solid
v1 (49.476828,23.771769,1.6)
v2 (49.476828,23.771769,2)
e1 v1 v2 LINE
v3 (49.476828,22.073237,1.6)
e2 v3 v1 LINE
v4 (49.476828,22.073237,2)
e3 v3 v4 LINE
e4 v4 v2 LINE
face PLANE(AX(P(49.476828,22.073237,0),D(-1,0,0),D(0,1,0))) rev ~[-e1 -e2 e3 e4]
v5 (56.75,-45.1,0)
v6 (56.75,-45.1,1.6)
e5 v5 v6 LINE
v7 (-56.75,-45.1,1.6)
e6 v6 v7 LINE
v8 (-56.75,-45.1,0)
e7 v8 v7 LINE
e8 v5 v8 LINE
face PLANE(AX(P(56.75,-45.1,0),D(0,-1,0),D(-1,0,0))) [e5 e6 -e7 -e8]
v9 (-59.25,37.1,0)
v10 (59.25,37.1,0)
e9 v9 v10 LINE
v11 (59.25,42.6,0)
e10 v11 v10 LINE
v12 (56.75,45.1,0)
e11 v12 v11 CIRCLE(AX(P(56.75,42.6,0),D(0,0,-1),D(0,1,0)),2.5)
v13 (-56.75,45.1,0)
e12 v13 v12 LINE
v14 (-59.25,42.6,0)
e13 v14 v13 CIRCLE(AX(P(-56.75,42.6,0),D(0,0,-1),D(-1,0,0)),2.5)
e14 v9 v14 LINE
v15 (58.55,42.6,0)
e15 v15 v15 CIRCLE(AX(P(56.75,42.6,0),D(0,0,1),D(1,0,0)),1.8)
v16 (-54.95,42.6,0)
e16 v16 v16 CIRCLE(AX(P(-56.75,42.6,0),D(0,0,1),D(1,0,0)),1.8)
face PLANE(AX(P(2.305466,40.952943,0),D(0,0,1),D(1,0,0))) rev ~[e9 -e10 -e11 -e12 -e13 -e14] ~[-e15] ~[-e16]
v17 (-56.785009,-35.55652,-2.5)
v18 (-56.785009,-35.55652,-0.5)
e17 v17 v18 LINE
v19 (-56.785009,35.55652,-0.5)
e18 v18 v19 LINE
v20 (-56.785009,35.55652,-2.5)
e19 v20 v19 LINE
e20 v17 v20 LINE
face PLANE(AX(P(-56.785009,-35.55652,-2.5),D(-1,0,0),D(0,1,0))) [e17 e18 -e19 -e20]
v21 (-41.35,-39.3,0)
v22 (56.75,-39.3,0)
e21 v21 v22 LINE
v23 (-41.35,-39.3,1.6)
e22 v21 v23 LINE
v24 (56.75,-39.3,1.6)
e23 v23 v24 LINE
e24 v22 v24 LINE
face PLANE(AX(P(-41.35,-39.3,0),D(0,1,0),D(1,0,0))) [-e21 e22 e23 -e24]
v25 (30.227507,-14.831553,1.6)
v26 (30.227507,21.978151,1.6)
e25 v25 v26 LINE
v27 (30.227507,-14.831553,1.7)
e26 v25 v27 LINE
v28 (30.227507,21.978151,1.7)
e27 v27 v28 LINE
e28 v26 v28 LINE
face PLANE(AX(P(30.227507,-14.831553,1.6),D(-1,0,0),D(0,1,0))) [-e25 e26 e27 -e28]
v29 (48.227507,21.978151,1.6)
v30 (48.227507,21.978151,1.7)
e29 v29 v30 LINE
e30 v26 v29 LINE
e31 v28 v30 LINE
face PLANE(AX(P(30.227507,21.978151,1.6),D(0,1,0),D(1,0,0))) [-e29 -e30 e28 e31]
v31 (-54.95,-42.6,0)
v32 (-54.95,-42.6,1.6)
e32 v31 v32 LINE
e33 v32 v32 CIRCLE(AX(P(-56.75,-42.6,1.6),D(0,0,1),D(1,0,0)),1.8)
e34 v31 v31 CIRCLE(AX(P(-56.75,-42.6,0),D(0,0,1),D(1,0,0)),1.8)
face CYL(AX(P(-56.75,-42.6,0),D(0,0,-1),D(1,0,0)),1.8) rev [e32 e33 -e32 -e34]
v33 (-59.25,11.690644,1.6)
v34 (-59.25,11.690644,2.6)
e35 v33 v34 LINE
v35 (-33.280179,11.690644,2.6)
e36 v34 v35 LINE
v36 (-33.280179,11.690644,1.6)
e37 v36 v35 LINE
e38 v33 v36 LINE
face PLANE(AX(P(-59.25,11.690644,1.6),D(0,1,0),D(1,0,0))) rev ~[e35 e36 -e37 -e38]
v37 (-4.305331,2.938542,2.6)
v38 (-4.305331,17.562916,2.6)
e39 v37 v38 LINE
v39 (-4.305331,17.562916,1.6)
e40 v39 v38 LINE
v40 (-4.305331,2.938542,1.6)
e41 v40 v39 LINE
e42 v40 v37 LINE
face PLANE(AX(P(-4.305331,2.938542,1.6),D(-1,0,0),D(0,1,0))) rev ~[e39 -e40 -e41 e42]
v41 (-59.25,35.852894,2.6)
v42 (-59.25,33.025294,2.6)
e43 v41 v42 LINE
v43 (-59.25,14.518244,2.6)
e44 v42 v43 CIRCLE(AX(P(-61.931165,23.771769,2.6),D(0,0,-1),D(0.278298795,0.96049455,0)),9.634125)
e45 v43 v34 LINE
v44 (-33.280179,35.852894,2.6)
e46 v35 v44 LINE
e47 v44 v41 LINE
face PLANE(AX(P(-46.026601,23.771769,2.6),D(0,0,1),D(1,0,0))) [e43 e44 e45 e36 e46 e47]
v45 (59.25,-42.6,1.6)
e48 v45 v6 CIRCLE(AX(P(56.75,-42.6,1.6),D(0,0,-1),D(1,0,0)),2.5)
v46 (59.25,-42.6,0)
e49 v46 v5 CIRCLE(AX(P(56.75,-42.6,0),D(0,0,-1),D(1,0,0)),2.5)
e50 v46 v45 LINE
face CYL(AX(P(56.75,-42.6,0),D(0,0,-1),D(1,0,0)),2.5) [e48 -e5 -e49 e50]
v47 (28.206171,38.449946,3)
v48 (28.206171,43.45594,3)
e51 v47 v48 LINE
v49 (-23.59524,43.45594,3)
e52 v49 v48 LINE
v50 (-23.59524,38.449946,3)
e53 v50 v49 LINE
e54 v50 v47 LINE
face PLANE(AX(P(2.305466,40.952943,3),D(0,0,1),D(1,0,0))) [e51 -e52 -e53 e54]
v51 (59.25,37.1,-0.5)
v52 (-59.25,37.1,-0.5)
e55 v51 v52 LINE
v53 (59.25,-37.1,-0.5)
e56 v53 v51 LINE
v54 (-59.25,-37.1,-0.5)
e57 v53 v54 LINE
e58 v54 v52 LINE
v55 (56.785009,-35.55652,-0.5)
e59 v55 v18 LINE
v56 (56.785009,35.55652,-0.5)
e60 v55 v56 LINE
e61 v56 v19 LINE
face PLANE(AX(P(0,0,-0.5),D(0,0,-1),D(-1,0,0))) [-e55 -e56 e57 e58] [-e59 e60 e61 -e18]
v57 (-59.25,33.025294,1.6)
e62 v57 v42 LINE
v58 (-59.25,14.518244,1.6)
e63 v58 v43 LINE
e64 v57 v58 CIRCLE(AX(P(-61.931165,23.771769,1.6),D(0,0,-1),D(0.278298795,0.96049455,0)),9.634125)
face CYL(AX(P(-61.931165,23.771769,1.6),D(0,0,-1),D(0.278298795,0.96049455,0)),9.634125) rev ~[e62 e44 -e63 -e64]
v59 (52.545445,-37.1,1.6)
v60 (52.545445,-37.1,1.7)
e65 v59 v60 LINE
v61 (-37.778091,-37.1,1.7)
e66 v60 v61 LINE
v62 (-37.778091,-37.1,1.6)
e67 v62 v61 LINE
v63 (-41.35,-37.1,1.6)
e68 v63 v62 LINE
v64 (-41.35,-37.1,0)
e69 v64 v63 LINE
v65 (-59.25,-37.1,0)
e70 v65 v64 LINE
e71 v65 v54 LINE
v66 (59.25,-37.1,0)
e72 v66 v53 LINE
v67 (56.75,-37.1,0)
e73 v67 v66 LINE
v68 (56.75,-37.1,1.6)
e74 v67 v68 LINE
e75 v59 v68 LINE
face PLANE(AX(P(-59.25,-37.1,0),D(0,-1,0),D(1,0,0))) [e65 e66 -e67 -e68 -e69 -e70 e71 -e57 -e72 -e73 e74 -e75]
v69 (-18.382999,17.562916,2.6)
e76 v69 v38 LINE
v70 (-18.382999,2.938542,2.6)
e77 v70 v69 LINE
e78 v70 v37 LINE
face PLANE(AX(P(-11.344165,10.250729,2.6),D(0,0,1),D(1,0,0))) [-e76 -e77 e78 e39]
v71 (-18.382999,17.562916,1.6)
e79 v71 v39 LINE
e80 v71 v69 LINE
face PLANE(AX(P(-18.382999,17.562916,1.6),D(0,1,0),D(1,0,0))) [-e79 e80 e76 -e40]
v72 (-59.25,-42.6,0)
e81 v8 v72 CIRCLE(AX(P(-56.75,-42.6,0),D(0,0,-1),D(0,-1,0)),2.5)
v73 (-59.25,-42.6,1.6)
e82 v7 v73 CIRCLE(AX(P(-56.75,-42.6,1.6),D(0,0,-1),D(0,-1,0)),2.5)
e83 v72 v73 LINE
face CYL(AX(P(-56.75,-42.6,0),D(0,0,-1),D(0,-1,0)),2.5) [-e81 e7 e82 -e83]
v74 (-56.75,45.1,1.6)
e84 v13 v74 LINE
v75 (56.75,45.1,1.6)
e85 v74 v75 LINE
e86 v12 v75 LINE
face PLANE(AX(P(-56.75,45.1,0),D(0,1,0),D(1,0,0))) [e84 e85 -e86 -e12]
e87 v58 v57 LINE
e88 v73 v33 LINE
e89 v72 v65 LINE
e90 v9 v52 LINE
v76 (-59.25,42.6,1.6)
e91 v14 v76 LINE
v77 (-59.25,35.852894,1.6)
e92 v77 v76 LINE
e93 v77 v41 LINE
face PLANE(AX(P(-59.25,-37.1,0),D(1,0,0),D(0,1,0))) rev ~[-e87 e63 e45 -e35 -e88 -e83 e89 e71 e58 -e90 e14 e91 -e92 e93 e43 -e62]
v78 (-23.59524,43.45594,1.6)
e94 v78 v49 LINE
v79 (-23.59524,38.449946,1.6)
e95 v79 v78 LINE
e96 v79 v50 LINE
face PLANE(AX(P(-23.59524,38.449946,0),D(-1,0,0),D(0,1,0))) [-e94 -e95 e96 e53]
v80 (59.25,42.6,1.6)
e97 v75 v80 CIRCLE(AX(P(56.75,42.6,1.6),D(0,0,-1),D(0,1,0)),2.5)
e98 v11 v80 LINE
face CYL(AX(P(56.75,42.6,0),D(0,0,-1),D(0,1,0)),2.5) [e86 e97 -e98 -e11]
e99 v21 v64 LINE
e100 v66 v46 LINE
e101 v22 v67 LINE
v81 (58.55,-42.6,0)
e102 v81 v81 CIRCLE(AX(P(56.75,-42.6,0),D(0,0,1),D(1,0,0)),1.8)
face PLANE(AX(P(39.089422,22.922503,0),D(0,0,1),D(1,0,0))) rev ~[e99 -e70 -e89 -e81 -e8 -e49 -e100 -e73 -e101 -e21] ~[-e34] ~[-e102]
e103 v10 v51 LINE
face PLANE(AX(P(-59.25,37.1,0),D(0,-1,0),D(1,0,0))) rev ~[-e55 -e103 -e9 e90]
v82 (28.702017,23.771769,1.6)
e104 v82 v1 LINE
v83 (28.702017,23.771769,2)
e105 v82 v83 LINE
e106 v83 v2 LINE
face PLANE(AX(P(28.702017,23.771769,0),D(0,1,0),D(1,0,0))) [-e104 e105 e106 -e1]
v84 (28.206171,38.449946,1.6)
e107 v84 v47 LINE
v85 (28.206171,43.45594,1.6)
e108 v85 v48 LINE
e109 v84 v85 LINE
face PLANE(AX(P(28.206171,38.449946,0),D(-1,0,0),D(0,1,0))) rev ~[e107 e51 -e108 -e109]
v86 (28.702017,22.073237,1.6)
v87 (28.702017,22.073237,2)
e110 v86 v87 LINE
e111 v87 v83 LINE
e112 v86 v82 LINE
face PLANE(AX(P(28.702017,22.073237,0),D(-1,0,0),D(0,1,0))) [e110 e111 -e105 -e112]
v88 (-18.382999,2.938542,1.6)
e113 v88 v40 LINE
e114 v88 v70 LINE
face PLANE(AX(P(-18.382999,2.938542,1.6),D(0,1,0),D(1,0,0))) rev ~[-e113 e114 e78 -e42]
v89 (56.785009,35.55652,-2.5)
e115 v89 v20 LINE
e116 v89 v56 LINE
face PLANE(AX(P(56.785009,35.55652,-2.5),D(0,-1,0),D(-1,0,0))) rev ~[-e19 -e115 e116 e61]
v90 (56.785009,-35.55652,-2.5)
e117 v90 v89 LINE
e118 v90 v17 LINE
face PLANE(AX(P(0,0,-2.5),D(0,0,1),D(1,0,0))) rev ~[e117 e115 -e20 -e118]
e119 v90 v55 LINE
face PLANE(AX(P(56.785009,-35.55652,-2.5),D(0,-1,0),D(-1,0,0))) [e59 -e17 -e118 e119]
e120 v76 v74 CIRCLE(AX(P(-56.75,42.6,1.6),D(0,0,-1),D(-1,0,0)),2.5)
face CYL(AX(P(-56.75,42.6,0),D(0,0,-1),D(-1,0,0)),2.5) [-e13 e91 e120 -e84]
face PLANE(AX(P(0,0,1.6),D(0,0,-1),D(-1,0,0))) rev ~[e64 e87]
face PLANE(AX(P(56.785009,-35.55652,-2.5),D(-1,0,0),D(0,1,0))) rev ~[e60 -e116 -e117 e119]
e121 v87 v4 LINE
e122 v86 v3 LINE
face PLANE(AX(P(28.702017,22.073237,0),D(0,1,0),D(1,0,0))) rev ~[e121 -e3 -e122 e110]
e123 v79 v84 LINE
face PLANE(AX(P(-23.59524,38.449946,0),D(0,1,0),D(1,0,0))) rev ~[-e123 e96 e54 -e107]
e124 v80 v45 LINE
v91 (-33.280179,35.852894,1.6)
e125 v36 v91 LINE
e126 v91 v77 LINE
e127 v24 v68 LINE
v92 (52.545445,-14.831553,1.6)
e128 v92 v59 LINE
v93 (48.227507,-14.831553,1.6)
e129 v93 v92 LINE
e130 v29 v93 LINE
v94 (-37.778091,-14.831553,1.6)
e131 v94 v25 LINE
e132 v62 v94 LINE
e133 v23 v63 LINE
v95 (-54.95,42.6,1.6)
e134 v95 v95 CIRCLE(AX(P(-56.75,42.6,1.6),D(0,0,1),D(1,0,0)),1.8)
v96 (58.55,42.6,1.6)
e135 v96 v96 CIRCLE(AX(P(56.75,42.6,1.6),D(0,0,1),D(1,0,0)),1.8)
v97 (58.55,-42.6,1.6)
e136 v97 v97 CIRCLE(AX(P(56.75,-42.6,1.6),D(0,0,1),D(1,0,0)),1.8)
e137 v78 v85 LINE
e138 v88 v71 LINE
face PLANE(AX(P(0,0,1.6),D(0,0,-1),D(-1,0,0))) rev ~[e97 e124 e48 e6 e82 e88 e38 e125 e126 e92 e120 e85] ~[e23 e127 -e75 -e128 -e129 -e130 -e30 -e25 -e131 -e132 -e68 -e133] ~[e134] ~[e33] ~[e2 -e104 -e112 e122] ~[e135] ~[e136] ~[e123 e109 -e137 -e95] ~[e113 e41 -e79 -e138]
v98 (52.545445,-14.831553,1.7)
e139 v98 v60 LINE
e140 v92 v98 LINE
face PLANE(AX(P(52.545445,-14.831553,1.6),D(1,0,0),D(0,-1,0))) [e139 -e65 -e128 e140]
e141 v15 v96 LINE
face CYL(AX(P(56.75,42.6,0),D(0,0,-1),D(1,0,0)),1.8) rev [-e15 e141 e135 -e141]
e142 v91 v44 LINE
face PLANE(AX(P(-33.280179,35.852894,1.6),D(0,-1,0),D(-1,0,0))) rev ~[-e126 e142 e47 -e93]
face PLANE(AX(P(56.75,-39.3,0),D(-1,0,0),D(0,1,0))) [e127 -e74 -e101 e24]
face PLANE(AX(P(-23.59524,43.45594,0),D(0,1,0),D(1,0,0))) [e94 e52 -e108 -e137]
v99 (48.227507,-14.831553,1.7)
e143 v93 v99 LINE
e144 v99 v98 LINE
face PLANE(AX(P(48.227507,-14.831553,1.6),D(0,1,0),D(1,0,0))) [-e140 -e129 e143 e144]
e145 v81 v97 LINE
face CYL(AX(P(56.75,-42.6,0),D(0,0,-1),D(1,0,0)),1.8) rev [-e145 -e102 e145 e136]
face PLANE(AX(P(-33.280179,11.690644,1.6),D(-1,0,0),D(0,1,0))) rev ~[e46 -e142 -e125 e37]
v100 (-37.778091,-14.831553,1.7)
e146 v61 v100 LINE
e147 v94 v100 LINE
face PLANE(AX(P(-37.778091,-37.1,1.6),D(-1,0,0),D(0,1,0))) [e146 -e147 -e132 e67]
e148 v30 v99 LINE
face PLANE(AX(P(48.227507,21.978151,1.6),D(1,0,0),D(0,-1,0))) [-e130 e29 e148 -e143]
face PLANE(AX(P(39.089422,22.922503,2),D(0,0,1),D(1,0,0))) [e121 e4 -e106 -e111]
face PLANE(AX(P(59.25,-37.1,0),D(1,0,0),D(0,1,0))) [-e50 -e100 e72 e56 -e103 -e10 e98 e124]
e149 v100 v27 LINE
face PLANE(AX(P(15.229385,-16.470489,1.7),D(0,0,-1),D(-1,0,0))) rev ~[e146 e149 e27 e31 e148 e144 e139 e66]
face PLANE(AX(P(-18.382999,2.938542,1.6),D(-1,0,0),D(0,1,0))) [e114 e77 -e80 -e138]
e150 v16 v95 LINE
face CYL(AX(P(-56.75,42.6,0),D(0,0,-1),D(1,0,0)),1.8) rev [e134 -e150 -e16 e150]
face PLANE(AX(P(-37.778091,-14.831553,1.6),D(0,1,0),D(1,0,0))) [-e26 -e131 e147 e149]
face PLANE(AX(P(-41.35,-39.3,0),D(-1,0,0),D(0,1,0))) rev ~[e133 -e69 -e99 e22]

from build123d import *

# Parameters (mm, degrees)
SKETCH1_R           = 1.8
SKETCH1_W           = 98.1
SKETCH1_H           = 2.2
BOSS_EXTRUDE1_DEPTH = 1.6
BOSS_EXTRUDE2_DEPTH = 1
SKETCH4_W           = 14.077668093
SKETCH4_H           = 14.62437365
BOSS_EXTRUDE3_DEPTH = 1
SKETCH5_W           = 20.774811166
SKETCH5_H           = 1.698532112
BOSS_EXTRUDE4_DEPTH = 2
BOSS_EXTRUDE5_DEPTH = 0.1
SKETCH7_W           = 118.5
SKETCH7_H           = 74.2
BOSS_EXTRUDE6_DEPTH = 2.5
SKETCH9_W           = 118.5
SKETCH9_H           = 74.2
SKETCH9_W_2         = 113.57001823
SKETCH9_H_2         = 71.11304095
CUT_EXTRUDE1_DEPTH  = 2
SKETCH10_W          = 51.801411065
SKETCH10_H          = 5.00599424
BOSS_EXTRUDE7_DEPTH = 3


with BuildPart() as part:
    # Sketch1 → Boss-Extrude1 (new body)
    with BuildSketch(Plane.XY):
        with BuildLine():
            Line((-56.75, 45.1), (56.75, 45.1))
            ThreePointArc((56.75, 45.1), (58.517766953, 44.367766953), (59.25, 42.6))
            Line((59.25, 42.6), (59.25, -42.6))
            ThreePointArc((59.25, -42.6), (58.517766953, -44.367766953), (56.75, -45.1))
            Line((56.75, -45.1), (-56.75, -45.1))
            ThreePointArc((-56.75, -45.1), (-58.517766953, -44.367766953), (-59.25, -42.6))
            Line((-59.25, -42.6), (-59.25, 42.6))
            ThreePointArc((-59.25, 42.6), (-58.517766953, 44.367766953), (-56.75, 45.1))
        make_face()
        with Locations((-56.75, 42.6)):
            Circle(SKETCH1_R, mode=Mode.SUBTRACT)
        with Locations((-56.75, -42.6)):
            Circle(SKETCH1_R, mode=Mode.SUBTRACT)
        with Locations((56.75, -42.6)):
            Circle(SKETCH1_R, mode=Mode.SUBTRACT)
        with Locations((56.75, 42.6)):
            Circle(SKETCH1_R, mode=Mode.SUBTRACT)
        with Locations((7.7, -38.2)):
            Rectangle(SKETCH1_W, SKETCH1_H, mode=Mode.SUBTRACT)
    extrude(amount=BOSS_EXTRUDE1_DEPTH)

    # Sketch2 → Boss-Extrude2 (add)
    with BuildSketch(Plane.XY.offset(1.6)):
        with BuildLine():
            Line((-33.280179083, 35.852893933), (-59.25, 35.852893933))
            Line((-59.25, 35.852893933), (-59.25, 33.025293605))
            ThreePointArc((-59.25, 33.025293605), (-52.297040321, 23.771768976), (-59.25, 14.518244348))
            Line((-59.25, 14.518244348), (-59.25, 11.690644019))
            Line((-59.25, 11.690644019), (-33.280179083, 11.690644019))
            Line((-33.280179083, 11.690644019), (-33.280179083, 35.852893933))
        make_face()
    extrude(amount=BOSS_EXTRUDE2_DEPTH)

    # Sketch4 → Boss-Extrude3 (add)
    with BuildSketch(Plane.XY.offset(1.6)):
        with Locations((-11.344165308, 10.250729194)):
            Rectangle(SKETCH4_W, SKETCH4_H)
    extrude(amount=BOSS_EXTRUDE3_DEPTH)

    # Sketch5 → Boss-Extrude4 (add)
    with BuildSketch(Plane.XY):
        with Locations((39.089422326, 22.92250292)):
            Rectangle(SKETCH5_W, SKETCH5_H)
    extrude(amount=BOSS_EXTRUDE4_DEPTH)

    # Sketch6 → Boss-Extrude5 (add)
    with BuildSketch(Plane.XY.offset(1.6)):
        Polygon((30.227507475, 21.978150543), (48.227507475, 21.978150543), (48.227507475, -14.831552551), (52.545445223, -14.831552551), (52.545445223, -37.1), (-37.778090805, -37.1), (-37.778090805, -14.831552551), (30.227507475, -14.831552551), align=None)
    extrude(amount=BOSS_EXTRUDE5_DEPTH)

    # Sketch7 → Boss-Extrude6 (add)
    with BuildSketch(Plane.XY):
        Rectangle(SKETCH7_W, SKETCH7_H)
    extrude(amount=-BOSS_EXTRUDE6_DEPTH)

    # Sketch9 → Cut-Extrude1 (cut)
    with BuildSketch(Plane(origin=(0, 0, -2.5), x_dir=(-1, 0, 0), z_dir=(0, 0, -1))):
        Rectangle(SKETCH9_W, SKETCH9_H)
        Rectangle(SKETCH9_W_2, SKETCH9_H_2, mode=Mode.SUBTRACT)
    extrude(amount=-CUT_EXTRUDE1_DEPTH, mode=Mode.SUBTRACT)

    # Sketch10 → Boss-Extrude7 (add)
    with BuildSketch(Plane.XY):
        with Locations((2.305465736, 40.952943313)):
            Rectangle(SKETCH10_W, SKETCH10_H)
    extrude(amount=BOSS_EXTRUDE7_DEPTH)


solid = part.part
